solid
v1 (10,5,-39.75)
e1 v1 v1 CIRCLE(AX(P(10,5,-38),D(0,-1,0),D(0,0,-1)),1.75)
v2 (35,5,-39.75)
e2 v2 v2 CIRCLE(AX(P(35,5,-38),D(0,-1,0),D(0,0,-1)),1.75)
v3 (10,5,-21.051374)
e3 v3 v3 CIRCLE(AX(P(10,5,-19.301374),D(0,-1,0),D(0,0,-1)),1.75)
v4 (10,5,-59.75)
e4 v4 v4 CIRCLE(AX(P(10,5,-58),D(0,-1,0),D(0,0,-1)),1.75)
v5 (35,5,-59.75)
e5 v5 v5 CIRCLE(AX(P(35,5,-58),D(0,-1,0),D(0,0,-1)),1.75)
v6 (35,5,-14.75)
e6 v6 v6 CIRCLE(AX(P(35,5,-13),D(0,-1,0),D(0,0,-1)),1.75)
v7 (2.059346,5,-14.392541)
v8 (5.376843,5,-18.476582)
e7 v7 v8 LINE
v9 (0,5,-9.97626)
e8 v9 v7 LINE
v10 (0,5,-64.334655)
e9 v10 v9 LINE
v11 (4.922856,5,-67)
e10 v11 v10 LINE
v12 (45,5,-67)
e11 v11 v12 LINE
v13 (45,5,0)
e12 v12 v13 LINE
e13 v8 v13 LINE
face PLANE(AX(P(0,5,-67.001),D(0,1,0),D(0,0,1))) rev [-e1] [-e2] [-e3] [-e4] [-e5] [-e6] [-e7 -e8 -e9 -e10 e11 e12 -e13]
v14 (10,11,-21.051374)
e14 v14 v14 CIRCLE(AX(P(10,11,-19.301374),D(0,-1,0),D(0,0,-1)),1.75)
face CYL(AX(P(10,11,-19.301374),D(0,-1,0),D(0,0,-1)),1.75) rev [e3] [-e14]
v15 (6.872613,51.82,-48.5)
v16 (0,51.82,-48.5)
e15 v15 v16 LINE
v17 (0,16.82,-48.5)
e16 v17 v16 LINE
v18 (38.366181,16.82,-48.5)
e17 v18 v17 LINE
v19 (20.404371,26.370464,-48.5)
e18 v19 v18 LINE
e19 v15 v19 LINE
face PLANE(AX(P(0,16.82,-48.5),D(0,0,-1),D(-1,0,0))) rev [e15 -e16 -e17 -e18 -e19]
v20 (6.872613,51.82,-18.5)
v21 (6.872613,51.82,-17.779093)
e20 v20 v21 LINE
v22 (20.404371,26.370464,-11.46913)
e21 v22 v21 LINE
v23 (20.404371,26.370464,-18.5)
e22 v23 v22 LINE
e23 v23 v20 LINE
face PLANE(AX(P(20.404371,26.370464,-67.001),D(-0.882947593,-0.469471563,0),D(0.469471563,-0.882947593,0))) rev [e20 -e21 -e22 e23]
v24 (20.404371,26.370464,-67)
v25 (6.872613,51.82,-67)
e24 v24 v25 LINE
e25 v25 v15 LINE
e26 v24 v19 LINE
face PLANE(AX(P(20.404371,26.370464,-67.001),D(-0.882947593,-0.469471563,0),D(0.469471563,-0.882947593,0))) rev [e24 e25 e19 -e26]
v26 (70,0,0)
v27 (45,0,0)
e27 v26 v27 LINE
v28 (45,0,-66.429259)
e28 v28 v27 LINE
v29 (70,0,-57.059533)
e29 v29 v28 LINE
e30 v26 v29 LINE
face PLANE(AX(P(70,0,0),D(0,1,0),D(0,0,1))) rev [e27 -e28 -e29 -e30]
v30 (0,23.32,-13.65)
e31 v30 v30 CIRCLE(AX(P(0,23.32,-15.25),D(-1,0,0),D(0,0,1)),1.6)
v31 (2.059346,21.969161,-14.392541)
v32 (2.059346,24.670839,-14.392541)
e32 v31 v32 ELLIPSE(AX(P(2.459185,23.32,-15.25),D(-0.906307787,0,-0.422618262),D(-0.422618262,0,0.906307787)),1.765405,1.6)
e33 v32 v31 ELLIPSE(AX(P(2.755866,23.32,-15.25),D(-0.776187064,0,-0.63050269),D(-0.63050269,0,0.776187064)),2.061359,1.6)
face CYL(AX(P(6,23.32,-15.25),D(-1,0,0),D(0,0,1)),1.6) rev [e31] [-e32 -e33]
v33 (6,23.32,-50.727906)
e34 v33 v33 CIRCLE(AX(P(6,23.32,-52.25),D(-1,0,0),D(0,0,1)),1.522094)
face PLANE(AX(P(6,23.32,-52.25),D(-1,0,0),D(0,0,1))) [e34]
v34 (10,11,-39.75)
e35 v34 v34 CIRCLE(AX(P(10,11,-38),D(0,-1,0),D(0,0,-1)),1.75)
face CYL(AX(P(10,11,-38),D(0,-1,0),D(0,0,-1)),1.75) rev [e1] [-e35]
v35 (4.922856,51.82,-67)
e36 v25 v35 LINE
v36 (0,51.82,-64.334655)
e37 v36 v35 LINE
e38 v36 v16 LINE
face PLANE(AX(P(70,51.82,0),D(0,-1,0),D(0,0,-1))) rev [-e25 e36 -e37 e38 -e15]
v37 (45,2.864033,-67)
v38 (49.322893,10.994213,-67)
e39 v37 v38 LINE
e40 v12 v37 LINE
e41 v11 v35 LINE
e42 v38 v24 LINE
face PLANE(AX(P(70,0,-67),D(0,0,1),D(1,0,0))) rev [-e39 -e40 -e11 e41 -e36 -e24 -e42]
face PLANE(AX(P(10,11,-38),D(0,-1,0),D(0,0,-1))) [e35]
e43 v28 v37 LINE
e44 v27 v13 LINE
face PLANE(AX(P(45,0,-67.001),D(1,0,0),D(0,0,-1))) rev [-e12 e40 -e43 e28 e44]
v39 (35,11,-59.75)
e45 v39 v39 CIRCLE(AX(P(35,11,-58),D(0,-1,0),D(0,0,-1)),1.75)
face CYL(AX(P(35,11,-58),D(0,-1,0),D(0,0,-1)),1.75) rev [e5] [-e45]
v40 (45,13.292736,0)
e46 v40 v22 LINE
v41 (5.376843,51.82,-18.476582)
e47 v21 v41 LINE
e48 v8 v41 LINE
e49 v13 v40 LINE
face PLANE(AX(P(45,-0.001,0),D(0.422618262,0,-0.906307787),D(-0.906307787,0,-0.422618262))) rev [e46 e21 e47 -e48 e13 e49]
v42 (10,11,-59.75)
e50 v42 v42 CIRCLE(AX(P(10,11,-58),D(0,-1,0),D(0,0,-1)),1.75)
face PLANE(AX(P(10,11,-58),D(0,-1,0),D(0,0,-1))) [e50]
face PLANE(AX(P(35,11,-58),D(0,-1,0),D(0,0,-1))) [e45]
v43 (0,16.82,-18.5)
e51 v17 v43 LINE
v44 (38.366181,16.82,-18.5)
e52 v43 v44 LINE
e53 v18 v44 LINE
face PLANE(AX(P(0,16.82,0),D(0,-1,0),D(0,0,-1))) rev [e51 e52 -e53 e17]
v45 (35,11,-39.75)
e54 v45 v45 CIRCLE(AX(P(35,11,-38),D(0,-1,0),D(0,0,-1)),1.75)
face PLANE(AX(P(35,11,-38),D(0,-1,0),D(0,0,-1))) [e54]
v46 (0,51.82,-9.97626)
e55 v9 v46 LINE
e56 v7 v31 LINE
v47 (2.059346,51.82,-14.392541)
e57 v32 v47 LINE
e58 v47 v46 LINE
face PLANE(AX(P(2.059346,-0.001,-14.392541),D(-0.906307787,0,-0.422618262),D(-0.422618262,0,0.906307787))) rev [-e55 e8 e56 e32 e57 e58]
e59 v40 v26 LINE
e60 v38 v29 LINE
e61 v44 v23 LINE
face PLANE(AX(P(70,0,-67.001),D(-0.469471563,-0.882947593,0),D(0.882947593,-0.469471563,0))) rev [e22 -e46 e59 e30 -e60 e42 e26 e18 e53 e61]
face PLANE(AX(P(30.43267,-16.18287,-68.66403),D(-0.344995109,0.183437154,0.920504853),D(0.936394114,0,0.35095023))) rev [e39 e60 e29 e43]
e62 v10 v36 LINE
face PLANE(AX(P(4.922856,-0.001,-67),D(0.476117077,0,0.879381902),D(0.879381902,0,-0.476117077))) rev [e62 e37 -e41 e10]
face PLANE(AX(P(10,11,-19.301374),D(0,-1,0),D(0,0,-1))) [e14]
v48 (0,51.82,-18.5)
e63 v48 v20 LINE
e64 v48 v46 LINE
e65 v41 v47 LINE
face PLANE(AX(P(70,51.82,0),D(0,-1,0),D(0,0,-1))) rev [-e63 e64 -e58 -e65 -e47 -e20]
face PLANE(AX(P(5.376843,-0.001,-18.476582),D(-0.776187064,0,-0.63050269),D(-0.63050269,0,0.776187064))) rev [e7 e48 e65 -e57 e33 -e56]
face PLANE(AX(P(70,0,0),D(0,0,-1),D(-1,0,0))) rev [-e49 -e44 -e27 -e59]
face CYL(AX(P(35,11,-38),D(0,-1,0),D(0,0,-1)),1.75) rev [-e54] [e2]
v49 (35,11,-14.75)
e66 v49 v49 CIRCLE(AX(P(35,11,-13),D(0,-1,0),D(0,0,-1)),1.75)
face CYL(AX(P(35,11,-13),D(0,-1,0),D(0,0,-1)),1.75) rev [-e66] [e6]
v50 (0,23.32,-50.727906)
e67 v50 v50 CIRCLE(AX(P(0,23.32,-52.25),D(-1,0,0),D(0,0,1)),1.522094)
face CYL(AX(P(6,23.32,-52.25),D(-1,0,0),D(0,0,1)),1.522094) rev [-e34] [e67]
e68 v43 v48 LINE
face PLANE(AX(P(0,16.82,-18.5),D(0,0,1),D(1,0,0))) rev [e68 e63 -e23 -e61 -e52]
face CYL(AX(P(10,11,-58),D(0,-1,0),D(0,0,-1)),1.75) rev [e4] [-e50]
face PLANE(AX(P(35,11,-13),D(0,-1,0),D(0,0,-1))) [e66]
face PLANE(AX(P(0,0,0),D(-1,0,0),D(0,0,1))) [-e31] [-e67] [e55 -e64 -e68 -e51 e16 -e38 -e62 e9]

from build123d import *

# Parameters (mm, degrees)
CROQUIS1_W              = 67
CROQUIS1_H              = 51.82
SALIENTE_EXTRUIR1_DEPTH = 70
CORTAR_EXTRUIR1_REACH   = 69
CROQUIS4_W              = 60
CROQUIS4_H              = 30
CORTAR_EXTRUIR2_DEPTH   = 35
CORTAR_EXTRUIR3_REACH   = 69
CROQUIS5_W              = 45
CROQUIS5_H              = 5
CORTAR_EXTRUIR4_REACH   = 53.82
CORTAR_EXTRUIR5_REACH   = 53.82
CROQUIS9_R              = 1.6
CROQUIS9_R_2            = 1.522094027
CORTAR_EXTRUIR6_DEPTH   = 6
CROQUIS11_R             = 1.75
CORTAR_EXTRUIR7_DEPTH   = 6
CORTAR_EXTRUIR8_REACH   = 34.863


with BuildPart() as part:
    # Croquis1 → Saliente-Extruir1 (new body)
    with BuildSketch(Plane(origin=(0, 0, 0), x_dir=(0, 0, -1), z_dir=(1, 0, 0))):
        with Locations((33.5, 25.91)):
            Rectangle(CROQUIS1_W, CROQUIS1_H)
    extrude(amount=SALIENTE_EXTRUIR1_DEPTH)

    # Croquis3 → Cortar-Extruir1 (cut, up to next)
    with BuildSketch(Plane.XY, mode=Mode.PRIVATE) as cortar_extruir1_sk1:
        Polygon((70, 0), (20.404370982, 26.370463718), (6.872612509, 51.82), (70, 51.82), align=None)
    cortar_extruir1_tool1 = extrude(cortar_extruir1_sk1.sketch, amount=-CORTAR_EXTRUIR1_REACH, mode=Mode.PRIVATE) & part.part
    add(cortar_extruir1_tool1.solids().sort_by_distance((45.373987, 32.707801, 0))[0], mode=Mode.SUBTRACT)

    # Croquis4 → Cortar-Extruir2 (cut)
    with BuildSketch(Plane(origin=(0, 51.82, 0), x_dir=(1, 0, 0), z_dir=(0, 1, 0))):
        with Locations((30, 33.5)):
            Rectangle(CROQUIS4_W, CROQUIS4_H)
    extrude(amount=-CORTAR_EXTRUIR2_DEPTH, mode=Mode.SUBTRACT)

    # Croquis5 → Cortar-Extruir3 (cut, up to next)
    with BuildSketch(Plane.XY, mode=Mode.PRIVATE) as cortar_extruir3_sk1:
        with Locations((22.5, 2.5)):
            Rectangle(CROQUIS5_W, CROQUIS5_H)
    cortar_extruir3_tool1 = extrude(cortar_extruir3_sk1.sketch, amount=-CORTAR_EXTRUIR3_REACH, mode=Mode.PRIVATE) & part.part
    add(cortar_extruir3_tool1.solids().sort_by_distance((22.5, 2.5, 0))[0], mode=Mode.SUBTRACT)

    # Croquis6 → Cortar-Extruir4 (cut, up to next)
    with BuildSketch(Plane(origin=(0, 51.82, 0), x_dir=(1, 0, 0), z_dir=(0, 1, 0)), mode=Mode.PRIVATE) as cortar_extruir4_sk1:
        Polygon((4.922856145, 67), (0, 64.334655313), (0, 67), align=None)
    cortar_extruir4_tool1 = extrude(cortar_extruir4_sk1.sketch, amount=-CORTAR_EXTRUIR4_REACH, mode=Mode.PRIVATE) & part.part
    add(cortar_extruir4_tool1.solids().sort_by_distance((1.640952, 51.82, -66.111552))[0], mode=Mode.SUBTRACT)

    # Croquis8 → Cortar-Extruir5 (cut, up to next)
    with BuildSketch(Plane(origin=(0, 51.82, 0), x_dir=(1, 0, 0), z_dir=(0, 1, 0)), mode=Mode.PRIVATE) as cortar_extruir5_sk1:
        Polygon((45, 0), (5.376842989, 18.476581555), (2.059345913, 14.392541381), (0, 9.976259819), (0, -0.062203445), (6.872612509, 0), (20.404370982, 0), align=None)
    cortar_extruir5_tool1 = extrude(cortar_extruir5_sk1.sketch, amount=-CORTAR_EXTRUIR5_REACH, mode=Mode.PRIVATE) & part.part
    add(cortar_extruir5_tool1.solids().sort_by_distance((15.782883, 51.82, -6.412773))[0], mode=Mode.SUBTRACT)

    # Croquis9 → Cortar-Extruir6 (cut)
    with BuildSketch(Plane.ZY):
        with Locations((-15.25, 23.32)):
            Circle(CROQUIS9_R)
        with Locations((-52.25, 23.32)):
            Circle(CROQUIS9_R_2)
    extrude(amount=-CORTAR_EXTRUIR6_DEPTH, mode=Mode.SUBTRACT)

    # Croquis11 → Cortar-Extruir7 (cut)
    with BuildSketch(Plane.XZ.offset(-5)):
        with Locations((35, -58)):
            Circle(CROQUIS11_R)
        with Locations((10, -58)):
            Circle(CROQUIS11_R)
        with Locations((10, -38)):
            Circle(CROQUIS11_R)
        with Locations((35, -38)):
            Circle(CROQUIS11_R)
        with Locations((10, -19.30137405)):
            Circle(CROQUIS11_R)
        with Locations((35, -13)):
            Circle(CROQUIS11_R)
    extrude(amount=-CORTAR_EXTRUIR7_DEPTH, mode=Mode.SUBTRACT)

    # Croquis13 → Cortar-Extruir8 (cut, up to next)
    with BuildSketch(Plane(origin=(15.428248379, 29.016315039, 0), x_dir=(0.882947593, -0.469471563, 0), z_dir=(0.469471563, 0.882947593, 0)), mode=Mode.PRIVATE) as cortar_extruir8_sk1:
        Polygon((34.467850213, 68.66403013), (75.183132097, 51.381418335), (75.183132097, 68.66403013), align=None)
    cortar_extruir8_tool1 = extrude(cortar_extruir8_sk1.sketch, amount=-CORTAR_EXTRUIR8_REACH, mode=Mode.PRIVATE) & part.part
    add(cortar_extruir8_tool1.solids().sort_by_distance((69.827861, 0.091528, -62.90316))[0], mode=Mode.SUBTRACT)


solid = part.part
